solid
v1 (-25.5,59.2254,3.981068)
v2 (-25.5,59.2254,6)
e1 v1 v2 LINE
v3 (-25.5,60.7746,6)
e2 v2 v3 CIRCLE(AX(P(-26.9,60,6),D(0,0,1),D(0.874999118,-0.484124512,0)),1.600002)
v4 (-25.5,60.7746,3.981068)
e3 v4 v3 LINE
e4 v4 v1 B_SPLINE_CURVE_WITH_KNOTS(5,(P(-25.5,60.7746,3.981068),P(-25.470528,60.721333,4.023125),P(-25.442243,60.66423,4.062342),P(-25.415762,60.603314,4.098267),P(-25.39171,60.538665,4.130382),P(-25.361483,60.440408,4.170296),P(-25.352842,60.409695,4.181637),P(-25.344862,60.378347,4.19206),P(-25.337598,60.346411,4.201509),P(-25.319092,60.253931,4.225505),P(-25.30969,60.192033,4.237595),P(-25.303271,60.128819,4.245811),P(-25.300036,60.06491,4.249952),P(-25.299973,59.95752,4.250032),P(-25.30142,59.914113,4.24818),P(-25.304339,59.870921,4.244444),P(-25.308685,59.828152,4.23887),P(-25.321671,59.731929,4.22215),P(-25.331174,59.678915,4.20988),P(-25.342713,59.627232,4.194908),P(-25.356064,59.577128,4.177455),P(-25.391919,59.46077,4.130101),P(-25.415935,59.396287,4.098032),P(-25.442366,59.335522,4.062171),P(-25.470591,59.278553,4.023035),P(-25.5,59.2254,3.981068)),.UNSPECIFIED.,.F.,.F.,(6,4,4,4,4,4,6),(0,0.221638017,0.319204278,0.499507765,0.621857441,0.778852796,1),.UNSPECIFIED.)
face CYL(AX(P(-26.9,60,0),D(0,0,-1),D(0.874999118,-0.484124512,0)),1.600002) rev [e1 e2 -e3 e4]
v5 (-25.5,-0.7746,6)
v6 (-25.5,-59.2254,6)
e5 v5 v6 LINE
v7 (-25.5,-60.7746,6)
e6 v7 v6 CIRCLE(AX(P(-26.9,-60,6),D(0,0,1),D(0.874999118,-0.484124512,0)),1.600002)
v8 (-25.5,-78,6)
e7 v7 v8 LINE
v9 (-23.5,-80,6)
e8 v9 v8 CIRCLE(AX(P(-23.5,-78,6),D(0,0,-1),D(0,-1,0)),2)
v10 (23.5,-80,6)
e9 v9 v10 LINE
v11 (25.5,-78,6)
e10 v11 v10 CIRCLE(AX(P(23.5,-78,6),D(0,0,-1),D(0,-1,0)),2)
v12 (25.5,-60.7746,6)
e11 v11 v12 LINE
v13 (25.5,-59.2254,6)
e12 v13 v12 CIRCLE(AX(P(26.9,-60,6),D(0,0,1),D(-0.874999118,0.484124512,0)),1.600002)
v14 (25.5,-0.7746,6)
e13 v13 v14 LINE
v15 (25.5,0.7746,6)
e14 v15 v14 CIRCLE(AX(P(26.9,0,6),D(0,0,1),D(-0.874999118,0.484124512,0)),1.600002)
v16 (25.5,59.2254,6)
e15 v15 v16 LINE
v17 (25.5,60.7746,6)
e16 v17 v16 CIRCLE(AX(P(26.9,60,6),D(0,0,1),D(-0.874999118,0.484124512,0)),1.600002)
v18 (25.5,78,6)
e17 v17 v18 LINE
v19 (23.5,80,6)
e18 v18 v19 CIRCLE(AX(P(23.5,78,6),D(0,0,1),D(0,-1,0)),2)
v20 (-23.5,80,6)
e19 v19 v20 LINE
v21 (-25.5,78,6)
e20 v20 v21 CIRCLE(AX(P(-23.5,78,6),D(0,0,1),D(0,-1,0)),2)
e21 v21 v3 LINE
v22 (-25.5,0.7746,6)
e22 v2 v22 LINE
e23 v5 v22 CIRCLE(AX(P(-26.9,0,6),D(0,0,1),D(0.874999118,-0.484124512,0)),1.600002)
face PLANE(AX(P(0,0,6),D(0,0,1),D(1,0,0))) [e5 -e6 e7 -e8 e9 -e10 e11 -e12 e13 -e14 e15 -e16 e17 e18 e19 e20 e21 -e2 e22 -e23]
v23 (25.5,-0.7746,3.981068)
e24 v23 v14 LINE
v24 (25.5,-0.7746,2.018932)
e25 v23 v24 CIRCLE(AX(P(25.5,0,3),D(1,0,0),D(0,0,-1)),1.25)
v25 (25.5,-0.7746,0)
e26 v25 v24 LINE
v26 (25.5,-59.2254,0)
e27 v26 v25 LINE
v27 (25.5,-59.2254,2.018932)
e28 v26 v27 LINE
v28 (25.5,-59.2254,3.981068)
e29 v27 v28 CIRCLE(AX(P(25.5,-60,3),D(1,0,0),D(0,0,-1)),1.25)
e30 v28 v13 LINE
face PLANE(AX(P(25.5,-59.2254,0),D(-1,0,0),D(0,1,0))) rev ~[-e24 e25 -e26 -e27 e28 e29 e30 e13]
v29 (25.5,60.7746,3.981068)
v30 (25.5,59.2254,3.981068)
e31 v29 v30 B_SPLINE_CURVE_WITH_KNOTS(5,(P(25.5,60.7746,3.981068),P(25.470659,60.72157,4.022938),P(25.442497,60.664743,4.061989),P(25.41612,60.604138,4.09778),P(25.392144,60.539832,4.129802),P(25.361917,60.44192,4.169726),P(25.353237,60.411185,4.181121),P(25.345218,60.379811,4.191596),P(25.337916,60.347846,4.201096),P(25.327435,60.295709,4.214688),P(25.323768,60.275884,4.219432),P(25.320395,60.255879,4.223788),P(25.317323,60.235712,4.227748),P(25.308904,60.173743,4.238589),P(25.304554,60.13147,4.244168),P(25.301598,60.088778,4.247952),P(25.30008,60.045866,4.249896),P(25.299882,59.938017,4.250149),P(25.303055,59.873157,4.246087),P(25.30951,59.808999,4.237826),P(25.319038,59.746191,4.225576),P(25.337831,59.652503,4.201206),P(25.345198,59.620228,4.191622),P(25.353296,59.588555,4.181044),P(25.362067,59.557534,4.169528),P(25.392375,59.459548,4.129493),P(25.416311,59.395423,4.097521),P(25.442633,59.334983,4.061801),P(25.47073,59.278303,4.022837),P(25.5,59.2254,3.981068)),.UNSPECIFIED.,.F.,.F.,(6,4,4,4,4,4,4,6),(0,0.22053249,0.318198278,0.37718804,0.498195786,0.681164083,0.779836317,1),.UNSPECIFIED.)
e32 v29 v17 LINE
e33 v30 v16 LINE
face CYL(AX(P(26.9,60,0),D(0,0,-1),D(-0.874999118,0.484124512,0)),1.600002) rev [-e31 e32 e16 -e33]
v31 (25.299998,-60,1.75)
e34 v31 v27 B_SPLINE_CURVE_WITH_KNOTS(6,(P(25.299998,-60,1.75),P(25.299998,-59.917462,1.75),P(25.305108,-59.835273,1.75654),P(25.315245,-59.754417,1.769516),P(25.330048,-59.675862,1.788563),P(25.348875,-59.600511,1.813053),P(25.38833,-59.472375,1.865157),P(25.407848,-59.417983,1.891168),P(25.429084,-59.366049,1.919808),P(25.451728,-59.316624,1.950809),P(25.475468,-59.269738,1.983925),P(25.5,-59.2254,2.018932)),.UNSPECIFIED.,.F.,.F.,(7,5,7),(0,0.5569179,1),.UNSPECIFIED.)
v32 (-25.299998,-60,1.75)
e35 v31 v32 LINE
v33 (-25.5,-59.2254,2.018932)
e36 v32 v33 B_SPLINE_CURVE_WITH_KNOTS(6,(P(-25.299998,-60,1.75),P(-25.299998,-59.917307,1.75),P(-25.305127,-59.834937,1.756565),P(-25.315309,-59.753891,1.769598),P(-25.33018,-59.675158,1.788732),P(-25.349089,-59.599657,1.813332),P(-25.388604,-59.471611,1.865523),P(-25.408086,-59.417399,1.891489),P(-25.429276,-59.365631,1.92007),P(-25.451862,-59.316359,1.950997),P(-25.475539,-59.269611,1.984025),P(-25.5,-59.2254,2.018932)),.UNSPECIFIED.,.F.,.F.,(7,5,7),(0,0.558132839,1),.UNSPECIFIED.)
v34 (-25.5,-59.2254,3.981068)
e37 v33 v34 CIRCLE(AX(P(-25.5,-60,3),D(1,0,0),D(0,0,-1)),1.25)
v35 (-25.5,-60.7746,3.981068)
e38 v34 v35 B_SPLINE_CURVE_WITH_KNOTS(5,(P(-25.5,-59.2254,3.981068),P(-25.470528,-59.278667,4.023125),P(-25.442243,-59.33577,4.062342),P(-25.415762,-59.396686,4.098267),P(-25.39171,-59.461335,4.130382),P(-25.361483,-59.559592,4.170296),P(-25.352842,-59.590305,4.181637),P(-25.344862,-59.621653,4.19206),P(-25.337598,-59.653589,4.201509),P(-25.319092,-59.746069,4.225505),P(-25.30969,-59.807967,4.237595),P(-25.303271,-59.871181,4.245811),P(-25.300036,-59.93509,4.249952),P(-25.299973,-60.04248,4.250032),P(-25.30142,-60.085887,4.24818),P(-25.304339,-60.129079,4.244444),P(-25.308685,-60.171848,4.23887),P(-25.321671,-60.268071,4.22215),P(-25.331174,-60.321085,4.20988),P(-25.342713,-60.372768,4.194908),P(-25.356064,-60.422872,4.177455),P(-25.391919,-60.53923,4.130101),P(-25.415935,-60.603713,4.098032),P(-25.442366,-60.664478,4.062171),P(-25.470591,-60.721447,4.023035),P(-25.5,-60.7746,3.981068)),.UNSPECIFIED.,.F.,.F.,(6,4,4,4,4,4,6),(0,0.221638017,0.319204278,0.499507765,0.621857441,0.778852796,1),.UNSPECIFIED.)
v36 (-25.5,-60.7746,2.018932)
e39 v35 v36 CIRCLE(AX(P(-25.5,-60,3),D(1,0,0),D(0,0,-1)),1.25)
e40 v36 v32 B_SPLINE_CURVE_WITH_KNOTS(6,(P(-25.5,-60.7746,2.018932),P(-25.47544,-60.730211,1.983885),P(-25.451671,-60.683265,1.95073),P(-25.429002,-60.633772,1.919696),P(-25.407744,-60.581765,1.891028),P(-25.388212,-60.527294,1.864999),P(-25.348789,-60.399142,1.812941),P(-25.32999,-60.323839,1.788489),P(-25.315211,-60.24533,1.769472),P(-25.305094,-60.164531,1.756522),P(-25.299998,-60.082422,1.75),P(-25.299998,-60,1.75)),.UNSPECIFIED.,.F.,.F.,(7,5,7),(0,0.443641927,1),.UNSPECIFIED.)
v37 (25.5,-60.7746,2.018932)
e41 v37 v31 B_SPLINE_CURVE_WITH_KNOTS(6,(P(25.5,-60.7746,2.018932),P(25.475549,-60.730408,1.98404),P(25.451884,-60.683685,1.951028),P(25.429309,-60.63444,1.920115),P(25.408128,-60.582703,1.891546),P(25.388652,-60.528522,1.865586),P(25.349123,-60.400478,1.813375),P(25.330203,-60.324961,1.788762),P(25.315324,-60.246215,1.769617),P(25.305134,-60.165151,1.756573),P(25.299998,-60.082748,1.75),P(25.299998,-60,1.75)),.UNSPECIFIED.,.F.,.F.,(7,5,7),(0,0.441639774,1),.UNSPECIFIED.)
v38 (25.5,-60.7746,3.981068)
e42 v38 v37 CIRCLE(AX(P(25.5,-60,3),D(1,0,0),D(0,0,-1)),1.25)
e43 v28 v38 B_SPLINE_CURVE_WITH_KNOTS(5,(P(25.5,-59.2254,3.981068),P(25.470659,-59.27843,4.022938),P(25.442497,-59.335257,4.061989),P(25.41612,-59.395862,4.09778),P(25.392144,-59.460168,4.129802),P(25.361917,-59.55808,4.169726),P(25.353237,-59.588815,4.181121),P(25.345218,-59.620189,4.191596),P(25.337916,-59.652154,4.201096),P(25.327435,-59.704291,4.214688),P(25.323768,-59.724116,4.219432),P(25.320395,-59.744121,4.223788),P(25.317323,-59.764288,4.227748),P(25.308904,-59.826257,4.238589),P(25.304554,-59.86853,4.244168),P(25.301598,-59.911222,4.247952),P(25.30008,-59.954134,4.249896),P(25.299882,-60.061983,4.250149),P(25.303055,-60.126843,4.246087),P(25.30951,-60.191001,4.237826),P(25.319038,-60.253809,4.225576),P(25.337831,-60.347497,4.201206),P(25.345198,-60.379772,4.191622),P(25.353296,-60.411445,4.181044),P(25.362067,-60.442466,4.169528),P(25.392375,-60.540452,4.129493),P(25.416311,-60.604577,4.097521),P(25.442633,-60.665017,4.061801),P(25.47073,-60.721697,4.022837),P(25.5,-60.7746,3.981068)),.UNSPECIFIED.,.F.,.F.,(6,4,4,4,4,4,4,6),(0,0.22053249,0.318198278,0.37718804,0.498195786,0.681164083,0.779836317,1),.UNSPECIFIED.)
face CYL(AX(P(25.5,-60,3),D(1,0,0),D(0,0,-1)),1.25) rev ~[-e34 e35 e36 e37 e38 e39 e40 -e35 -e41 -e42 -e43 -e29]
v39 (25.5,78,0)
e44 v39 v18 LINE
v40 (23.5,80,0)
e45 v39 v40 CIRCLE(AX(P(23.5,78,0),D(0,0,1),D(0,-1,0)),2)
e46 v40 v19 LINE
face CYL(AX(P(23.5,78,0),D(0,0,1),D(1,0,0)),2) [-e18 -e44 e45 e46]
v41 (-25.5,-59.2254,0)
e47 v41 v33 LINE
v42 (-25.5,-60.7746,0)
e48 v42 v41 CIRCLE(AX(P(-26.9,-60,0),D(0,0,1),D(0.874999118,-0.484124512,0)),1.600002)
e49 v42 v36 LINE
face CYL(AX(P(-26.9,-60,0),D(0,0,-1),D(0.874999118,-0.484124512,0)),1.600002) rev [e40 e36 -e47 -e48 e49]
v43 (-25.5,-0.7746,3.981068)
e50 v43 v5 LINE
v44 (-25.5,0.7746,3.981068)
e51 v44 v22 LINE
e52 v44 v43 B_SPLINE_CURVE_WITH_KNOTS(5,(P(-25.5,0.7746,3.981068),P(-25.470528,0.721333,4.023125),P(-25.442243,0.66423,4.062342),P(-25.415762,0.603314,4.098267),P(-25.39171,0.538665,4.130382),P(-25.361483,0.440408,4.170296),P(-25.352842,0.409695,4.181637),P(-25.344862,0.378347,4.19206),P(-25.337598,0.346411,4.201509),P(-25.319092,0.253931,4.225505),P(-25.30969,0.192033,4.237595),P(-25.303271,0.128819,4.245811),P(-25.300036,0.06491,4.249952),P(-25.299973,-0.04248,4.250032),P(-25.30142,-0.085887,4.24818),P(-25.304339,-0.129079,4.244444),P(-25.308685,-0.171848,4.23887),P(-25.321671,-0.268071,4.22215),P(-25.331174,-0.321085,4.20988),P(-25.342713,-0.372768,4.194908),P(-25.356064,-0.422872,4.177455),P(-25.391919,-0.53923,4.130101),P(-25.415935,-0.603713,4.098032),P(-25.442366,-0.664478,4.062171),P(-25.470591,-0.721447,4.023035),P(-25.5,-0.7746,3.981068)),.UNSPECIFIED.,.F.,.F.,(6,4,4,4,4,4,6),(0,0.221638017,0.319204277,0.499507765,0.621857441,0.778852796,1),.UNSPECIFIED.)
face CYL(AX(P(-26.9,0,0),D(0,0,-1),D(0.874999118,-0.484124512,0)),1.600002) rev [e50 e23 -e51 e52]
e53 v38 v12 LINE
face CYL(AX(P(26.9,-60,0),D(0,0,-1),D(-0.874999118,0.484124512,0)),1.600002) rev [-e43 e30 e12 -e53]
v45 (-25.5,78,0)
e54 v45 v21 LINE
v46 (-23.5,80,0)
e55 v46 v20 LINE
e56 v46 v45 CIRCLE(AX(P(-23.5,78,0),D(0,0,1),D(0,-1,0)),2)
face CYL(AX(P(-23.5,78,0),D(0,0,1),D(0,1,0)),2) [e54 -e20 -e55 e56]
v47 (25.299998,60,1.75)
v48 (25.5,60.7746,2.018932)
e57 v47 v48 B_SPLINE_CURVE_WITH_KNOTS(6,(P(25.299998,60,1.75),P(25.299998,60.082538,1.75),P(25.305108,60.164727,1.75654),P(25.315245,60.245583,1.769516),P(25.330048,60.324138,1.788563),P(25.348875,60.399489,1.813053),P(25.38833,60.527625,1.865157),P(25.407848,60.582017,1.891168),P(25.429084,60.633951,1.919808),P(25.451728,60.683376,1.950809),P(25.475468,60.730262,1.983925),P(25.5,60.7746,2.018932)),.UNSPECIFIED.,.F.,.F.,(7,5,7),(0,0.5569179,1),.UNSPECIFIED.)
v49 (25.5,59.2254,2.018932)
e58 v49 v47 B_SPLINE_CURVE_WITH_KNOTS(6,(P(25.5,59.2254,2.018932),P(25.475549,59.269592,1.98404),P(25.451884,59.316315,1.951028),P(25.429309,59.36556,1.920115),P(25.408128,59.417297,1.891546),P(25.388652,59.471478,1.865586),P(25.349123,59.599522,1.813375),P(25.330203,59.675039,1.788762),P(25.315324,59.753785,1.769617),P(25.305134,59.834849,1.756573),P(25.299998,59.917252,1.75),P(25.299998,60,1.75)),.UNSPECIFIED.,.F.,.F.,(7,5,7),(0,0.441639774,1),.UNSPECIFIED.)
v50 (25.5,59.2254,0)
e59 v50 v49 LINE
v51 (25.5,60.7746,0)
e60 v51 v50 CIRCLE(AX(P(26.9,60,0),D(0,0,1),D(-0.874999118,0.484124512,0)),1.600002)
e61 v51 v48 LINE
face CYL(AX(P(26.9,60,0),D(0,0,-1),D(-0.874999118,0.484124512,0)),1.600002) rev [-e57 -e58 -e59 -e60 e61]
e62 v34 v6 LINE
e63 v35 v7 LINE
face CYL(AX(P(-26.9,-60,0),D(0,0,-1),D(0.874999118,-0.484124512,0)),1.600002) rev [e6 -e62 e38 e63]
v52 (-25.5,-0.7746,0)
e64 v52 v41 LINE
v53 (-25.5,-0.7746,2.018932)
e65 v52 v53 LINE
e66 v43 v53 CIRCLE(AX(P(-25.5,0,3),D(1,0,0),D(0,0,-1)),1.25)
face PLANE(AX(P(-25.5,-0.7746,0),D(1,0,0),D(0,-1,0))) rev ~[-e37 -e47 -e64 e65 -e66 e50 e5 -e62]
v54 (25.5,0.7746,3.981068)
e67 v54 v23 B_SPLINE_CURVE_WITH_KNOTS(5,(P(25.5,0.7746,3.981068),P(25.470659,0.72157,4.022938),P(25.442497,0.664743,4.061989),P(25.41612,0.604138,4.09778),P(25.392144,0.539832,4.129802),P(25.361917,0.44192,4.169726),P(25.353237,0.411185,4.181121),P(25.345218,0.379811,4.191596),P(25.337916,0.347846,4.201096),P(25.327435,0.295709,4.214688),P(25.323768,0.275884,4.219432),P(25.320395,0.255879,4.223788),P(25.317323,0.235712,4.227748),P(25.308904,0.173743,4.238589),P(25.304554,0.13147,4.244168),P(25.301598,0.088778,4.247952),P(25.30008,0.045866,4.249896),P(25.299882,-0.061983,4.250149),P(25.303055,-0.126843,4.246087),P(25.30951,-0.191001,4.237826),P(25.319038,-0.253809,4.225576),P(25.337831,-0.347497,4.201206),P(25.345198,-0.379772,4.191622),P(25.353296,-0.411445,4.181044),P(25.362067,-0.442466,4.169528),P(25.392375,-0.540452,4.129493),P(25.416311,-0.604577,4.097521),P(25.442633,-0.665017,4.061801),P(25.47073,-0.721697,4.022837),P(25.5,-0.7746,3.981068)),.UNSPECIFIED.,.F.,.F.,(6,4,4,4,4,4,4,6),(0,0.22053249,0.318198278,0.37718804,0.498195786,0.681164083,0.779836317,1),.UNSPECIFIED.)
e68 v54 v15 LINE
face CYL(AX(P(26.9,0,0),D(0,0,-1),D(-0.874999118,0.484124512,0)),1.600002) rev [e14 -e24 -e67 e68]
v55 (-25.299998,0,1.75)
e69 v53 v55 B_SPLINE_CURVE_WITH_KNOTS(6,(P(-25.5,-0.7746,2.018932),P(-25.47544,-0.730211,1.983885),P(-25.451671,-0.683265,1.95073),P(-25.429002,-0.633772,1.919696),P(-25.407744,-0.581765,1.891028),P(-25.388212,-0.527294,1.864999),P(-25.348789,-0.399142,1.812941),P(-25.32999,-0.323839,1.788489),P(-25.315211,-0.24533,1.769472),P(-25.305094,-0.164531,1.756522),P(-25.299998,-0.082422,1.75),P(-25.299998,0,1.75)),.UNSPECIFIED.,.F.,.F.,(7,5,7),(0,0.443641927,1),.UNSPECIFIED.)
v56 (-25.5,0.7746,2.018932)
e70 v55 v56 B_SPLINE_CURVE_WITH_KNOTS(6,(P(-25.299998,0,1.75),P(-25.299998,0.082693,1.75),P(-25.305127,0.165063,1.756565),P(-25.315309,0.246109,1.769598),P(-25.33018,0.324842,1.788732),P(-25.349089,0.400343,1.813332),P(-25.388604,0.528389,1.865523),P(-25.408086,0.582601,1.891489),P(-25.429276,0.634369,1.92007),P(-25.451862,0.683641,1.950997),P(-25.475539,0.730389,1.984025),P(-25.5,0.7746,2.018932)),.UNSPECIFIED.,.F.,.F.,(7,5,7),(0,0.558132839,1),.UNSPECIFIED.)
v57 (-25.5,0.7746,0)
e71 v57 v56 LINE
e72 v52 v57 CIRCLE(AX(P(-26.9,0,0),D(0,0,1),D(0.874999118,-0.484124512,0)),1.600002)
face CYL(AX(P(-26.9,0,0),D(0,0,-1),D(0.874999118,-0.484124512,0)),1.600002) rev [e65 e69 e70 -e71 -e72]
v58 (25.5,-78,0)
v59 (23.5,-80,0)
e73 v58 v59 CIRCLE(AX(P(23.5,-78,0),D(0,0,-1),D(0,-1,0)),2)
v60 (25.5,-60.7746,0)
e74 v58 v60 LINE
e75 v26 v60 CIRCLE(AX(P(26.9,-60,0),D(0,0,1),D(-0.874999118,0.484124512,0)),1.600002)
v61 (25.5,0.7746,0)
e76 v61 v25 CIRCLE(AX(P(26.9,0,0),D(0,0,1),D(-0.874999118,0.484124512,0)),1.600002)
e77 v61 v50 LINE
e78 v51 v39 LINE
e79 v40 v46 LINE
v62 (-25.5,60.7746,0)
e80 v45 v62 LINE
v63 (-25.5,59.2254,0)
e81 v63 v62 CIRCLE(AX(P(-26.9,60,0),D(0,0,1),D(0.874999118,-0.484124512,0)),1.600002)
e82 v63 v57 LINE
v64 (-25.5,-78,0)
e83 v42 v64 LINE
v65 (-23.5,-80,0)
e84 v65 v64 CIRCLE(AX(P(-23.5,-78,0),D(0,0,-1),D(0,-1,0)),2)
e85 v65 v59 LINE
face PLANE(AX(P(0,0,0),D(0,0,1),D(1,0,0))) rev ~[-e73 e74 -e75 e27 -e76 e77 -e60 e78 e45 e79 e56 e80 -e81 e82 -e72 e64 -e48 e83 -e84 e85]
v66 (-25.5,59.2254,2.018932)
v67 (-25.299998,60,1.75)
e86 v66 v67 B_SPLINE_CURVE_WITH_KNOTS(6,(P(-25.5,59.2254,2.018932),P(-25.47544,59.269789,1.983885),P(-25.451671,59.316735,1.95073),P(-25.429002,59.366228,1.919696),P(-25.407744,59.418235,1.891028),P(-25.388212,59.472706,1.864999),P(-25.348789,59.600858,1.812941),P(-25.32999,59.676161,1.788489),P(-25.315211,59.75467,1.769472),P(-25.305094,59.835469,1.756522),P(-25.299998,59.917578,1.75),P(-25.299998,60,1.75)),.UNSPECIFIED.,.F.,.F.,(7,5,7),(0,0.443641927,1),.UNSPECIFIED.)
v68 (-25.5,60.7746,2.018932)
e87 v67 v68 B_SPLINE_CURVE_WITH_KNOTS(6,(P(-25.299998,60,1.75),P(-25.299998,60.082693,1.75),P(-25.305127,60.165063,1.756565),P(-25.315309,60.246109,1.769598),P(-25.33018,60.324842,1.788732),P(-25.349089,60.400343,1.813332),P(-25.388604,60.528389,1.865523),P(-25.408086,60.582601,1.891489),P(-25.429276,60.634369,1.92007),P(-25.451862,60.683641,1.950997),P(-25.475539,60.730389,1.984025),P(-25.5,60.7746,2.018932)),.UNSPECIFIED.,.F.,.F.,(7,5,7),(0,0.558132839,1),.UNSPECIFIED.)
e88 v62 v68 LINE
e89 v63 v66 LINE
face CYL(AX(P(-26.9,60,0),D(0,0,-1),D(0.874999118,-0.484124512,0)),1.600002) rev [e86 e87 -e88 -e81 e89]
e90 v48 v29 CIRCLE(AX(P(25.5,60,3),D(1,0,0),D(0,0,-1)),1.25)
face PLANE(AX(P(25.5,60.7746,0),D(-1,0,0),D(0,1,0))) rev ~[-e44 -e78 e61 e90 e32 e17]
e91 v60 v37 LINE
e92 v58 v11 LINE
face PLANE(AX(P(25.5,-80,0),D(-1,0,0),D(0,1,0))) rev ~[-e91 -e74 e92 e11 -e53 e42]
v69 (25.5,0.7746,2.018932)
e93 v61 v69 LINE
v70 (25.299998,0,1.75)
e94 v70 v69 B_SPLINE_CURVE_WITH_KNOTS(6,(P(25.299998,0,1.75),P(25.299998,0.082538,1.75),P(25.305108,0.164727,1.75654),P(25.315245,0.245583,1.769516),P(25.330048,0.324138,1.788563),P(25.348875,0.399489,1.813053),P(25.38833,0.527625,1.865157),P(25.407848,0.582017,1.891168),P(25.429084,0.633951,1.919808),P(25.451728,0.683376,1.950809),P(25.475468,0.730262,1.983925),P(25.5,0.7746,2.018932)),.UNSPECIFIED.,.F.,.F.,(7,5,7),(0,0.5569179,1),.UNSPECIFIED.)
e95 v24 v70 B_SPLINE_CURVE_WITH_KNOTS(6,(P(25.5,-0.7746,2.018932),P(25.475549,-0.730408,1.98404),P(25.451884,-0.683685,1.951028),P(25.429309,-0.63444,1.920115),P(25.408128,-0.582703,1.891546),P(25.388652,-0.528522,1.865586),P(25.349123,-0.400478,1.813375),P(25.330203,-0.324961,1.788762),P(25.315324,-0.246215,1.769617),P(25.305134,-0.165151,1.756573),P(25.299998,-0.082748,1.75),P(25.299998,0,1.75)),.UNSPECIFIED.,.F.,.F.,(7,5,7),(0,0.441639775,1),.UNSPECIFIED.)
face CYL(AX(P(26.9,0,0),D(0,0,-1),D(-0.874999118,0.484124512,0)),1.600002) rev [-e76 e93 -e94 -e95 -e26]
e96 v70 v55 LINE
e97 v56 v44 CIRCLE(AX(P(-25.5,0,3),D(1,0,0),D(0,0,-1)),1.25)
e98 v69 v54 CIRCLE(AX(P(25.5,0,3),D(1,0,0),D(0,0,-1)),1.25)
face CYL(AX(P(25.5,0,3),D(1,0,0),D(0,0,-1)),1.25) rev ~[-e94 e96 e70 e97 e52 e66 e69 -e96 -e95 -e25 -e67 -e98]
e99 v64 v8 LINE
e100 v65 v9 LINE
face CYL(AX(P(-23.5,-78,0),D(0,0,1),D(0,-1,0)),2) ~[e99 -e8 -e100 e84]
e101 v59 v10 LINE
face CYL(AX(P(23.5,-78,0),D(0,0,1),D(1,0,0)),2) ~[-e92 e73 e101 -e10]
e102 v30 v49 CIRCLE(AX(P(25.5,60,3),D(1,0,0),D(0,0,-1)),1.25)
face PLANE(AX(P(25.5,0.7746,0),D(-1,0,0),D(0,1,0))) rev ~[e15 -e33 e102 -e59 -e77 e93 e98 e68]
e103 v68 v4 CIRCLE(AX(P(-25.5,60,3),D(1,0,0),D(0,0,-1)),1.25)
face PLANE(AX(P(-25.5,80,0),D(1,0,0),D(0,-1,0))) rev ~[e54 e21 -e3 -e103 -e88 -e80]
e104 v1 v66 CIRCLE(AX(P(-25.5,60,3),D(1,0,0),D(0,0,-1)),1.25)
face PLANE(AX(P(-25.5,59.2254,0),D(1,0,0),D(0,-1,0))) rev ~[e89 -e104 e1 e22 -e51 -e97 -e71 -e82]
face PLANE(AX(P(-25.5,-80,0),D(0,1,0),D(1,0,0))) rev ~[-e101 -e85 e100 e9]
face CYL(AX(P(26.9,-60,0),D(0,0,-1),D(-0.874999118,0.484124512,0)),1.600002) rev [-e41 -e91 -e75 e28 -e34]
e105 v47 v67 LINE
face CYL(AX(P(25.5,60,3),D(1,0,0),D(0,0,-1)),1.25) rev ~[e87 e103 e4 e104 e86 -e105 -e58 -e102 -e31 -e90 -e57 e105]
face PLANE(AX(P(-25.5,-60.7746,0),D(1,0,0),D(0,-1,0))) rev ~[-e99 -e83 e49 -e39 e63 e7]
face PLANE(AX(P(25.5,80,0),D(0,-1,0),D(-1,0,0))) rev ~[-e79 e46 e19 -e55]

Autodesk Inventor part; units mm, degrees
ref_plane "YZ Plane" through (0, 0, 0) normal (1, 0, 0) x (0, 1, 0)
ref_plane "XZ Plane" through (0, 0, 0) normal (0, 1, 0) x (-1, 0, 0)
ref_plane "XY Plane" through (0, 0, 0) normal (0, 0, 1) x (1, 0, 0)
sketch "スケッチ1" plane through (0, 0, 0) normal (0, 0, 1) x (1, 0, 0)
  line L0 (25.5, 80) -> (-25.5, 80)
  line L1 (-25.5, 80) -> (-25.5, 60.7746)
  line L2 (-25.5, -80) -> (25.5, -80)
  line L3 (25.5, -80) -> (25.5, -60.7746)
  line L4 (25.5, 80) -> (-25.5, -80) construction
  line L5 (-25.5, 80) -> (25.5, -80) construction
  arc A0 (-25.5, 0.7746) -> (-25.5, -0.7746) centre (-26.9, 0) ccw construction
  arc A1 (-25.5, 60.7746) -> (-25.5, 59.2254) centre (-26.9, 60) ccw construction
  arc A2 (-25.5, -59.2254) -> (-25.5, -60.7746) centre (-26.9, -60) ccw construction
  arc A3 (25.5, 0.7746) -> (25.5, -0.7746) centre (26.9, 0) ccw
  arc A4 (25.5, 60.7746) -> (25.5, 59.2254) centre (26.9, 60) ccw
  arc A5 (25.5, -60.7746) -> (25.5, -59.2254) centre (26.9, -60) ccw construction
  arc A6 (-25.5, 59.2254) -> (-25.5, 60.7746) centre (-26.9, 60) ccw
  line L6 (-25.5, 60.7746) -> (-25.5, 59.2254) construction
  line L7 (-25.5, 59.2254) -> (-25.5, 0.7746)
  arc A7 (-25.5, -0.7746) -> (-25.5, 0.7746) centre (-26.9, 0) ccw
  line L8 (-25.5, -0.7746) -> (-25.5, -59.2254)
  line L9 (-25.5, 0.7746) -> (-25.5, -0.7746) construction
  line L10 (-25.5, -59.2254) -> (-25.5, -60.7746) construction
  line L11 (-25.5, -60.7746) -> (-25.5, -80)
  arc A8 (-25.5, -60.7746) -> (-25.5, -59.2254) centre (-26.9, -60) ccw
  arc A9 (25.5, -59.2254) -> (25.5, -60.7746) centre (26.9, -60) ccw
  line L12 (25.5, -60.7746) -> (25.5, -59.2254) construction
  line L13 (25.5, -59.2254) -> (25.5, -0.7746)
  arc A10 (25.5, -0.7746) -> (25.5, 0.7746) centre (26.9, 0) ccw construction
  line L14 (25.5, -0.7746) -> (25.5, 0.7746) construction
  line L15 (25.5, 0.7746) -> (25.5, 59.2254)
  arc A11 (25.5, 59.2254) -> (25.5, 60.7746) centre (26.9, 60) ccw construction
  line L16 (25.5, 59.2254) -> (25.5, 60.7746) construction
  line L17 (25.5, 60.7746) -> (25.5, 80)
  point P0 (0, 0)
  point P1 (0, 0)
  point P2 (0, 0)
  dimension "d0" = 51
  dimension "d1" = 160
  dimension "d2" = 3.2
  dimension "d3" = 3.2
  dimension "d4" = 3.2
  dimension "d5" = 60
  dimension "d6" = 60
  dimension "d7" = 3.2
  dimension "d8" = 3.2
  dimension "d9" = 3.2
  dimension "d10" = 60
  dimension "d11" = 60
  dimension "d12" = 1.4
  dimension "d13" = 1.4
extrude "押し出し1" add sketch "スケッチ1" along normal blind 6
sketch "スケッチ2" plane through (25.5, 0.7746, 0) normal (1, 0, 0) x (0, 0, -1)
  circle A0 centre (-3, -0.7746) radius 1.25
  circle A1 centre (-3, 59.2254) radius 1.25
  circle A2 centre (-3, -60.7746) radius 1.25
  point P0 (0, -0.7746)
  dimension "d16" = 2.5
  dimension "d17" = 2.5
  dimension "d18" = 2.5
  dimension "d19" = 60
  dimension "d20" = 60
  dimension "d21" = 3
extrude "押し出し2" cut sketch "スケッチ2" against normal through all
fillet "フィレット1" radius 2 4 edges at (25.5, 80, 3) (-25.5, 80, 3) (25.5, -80, 3) (-25.5, -80, 3)
properties part number "関節3_上板" material "ポリカーボネート、スモーク"
